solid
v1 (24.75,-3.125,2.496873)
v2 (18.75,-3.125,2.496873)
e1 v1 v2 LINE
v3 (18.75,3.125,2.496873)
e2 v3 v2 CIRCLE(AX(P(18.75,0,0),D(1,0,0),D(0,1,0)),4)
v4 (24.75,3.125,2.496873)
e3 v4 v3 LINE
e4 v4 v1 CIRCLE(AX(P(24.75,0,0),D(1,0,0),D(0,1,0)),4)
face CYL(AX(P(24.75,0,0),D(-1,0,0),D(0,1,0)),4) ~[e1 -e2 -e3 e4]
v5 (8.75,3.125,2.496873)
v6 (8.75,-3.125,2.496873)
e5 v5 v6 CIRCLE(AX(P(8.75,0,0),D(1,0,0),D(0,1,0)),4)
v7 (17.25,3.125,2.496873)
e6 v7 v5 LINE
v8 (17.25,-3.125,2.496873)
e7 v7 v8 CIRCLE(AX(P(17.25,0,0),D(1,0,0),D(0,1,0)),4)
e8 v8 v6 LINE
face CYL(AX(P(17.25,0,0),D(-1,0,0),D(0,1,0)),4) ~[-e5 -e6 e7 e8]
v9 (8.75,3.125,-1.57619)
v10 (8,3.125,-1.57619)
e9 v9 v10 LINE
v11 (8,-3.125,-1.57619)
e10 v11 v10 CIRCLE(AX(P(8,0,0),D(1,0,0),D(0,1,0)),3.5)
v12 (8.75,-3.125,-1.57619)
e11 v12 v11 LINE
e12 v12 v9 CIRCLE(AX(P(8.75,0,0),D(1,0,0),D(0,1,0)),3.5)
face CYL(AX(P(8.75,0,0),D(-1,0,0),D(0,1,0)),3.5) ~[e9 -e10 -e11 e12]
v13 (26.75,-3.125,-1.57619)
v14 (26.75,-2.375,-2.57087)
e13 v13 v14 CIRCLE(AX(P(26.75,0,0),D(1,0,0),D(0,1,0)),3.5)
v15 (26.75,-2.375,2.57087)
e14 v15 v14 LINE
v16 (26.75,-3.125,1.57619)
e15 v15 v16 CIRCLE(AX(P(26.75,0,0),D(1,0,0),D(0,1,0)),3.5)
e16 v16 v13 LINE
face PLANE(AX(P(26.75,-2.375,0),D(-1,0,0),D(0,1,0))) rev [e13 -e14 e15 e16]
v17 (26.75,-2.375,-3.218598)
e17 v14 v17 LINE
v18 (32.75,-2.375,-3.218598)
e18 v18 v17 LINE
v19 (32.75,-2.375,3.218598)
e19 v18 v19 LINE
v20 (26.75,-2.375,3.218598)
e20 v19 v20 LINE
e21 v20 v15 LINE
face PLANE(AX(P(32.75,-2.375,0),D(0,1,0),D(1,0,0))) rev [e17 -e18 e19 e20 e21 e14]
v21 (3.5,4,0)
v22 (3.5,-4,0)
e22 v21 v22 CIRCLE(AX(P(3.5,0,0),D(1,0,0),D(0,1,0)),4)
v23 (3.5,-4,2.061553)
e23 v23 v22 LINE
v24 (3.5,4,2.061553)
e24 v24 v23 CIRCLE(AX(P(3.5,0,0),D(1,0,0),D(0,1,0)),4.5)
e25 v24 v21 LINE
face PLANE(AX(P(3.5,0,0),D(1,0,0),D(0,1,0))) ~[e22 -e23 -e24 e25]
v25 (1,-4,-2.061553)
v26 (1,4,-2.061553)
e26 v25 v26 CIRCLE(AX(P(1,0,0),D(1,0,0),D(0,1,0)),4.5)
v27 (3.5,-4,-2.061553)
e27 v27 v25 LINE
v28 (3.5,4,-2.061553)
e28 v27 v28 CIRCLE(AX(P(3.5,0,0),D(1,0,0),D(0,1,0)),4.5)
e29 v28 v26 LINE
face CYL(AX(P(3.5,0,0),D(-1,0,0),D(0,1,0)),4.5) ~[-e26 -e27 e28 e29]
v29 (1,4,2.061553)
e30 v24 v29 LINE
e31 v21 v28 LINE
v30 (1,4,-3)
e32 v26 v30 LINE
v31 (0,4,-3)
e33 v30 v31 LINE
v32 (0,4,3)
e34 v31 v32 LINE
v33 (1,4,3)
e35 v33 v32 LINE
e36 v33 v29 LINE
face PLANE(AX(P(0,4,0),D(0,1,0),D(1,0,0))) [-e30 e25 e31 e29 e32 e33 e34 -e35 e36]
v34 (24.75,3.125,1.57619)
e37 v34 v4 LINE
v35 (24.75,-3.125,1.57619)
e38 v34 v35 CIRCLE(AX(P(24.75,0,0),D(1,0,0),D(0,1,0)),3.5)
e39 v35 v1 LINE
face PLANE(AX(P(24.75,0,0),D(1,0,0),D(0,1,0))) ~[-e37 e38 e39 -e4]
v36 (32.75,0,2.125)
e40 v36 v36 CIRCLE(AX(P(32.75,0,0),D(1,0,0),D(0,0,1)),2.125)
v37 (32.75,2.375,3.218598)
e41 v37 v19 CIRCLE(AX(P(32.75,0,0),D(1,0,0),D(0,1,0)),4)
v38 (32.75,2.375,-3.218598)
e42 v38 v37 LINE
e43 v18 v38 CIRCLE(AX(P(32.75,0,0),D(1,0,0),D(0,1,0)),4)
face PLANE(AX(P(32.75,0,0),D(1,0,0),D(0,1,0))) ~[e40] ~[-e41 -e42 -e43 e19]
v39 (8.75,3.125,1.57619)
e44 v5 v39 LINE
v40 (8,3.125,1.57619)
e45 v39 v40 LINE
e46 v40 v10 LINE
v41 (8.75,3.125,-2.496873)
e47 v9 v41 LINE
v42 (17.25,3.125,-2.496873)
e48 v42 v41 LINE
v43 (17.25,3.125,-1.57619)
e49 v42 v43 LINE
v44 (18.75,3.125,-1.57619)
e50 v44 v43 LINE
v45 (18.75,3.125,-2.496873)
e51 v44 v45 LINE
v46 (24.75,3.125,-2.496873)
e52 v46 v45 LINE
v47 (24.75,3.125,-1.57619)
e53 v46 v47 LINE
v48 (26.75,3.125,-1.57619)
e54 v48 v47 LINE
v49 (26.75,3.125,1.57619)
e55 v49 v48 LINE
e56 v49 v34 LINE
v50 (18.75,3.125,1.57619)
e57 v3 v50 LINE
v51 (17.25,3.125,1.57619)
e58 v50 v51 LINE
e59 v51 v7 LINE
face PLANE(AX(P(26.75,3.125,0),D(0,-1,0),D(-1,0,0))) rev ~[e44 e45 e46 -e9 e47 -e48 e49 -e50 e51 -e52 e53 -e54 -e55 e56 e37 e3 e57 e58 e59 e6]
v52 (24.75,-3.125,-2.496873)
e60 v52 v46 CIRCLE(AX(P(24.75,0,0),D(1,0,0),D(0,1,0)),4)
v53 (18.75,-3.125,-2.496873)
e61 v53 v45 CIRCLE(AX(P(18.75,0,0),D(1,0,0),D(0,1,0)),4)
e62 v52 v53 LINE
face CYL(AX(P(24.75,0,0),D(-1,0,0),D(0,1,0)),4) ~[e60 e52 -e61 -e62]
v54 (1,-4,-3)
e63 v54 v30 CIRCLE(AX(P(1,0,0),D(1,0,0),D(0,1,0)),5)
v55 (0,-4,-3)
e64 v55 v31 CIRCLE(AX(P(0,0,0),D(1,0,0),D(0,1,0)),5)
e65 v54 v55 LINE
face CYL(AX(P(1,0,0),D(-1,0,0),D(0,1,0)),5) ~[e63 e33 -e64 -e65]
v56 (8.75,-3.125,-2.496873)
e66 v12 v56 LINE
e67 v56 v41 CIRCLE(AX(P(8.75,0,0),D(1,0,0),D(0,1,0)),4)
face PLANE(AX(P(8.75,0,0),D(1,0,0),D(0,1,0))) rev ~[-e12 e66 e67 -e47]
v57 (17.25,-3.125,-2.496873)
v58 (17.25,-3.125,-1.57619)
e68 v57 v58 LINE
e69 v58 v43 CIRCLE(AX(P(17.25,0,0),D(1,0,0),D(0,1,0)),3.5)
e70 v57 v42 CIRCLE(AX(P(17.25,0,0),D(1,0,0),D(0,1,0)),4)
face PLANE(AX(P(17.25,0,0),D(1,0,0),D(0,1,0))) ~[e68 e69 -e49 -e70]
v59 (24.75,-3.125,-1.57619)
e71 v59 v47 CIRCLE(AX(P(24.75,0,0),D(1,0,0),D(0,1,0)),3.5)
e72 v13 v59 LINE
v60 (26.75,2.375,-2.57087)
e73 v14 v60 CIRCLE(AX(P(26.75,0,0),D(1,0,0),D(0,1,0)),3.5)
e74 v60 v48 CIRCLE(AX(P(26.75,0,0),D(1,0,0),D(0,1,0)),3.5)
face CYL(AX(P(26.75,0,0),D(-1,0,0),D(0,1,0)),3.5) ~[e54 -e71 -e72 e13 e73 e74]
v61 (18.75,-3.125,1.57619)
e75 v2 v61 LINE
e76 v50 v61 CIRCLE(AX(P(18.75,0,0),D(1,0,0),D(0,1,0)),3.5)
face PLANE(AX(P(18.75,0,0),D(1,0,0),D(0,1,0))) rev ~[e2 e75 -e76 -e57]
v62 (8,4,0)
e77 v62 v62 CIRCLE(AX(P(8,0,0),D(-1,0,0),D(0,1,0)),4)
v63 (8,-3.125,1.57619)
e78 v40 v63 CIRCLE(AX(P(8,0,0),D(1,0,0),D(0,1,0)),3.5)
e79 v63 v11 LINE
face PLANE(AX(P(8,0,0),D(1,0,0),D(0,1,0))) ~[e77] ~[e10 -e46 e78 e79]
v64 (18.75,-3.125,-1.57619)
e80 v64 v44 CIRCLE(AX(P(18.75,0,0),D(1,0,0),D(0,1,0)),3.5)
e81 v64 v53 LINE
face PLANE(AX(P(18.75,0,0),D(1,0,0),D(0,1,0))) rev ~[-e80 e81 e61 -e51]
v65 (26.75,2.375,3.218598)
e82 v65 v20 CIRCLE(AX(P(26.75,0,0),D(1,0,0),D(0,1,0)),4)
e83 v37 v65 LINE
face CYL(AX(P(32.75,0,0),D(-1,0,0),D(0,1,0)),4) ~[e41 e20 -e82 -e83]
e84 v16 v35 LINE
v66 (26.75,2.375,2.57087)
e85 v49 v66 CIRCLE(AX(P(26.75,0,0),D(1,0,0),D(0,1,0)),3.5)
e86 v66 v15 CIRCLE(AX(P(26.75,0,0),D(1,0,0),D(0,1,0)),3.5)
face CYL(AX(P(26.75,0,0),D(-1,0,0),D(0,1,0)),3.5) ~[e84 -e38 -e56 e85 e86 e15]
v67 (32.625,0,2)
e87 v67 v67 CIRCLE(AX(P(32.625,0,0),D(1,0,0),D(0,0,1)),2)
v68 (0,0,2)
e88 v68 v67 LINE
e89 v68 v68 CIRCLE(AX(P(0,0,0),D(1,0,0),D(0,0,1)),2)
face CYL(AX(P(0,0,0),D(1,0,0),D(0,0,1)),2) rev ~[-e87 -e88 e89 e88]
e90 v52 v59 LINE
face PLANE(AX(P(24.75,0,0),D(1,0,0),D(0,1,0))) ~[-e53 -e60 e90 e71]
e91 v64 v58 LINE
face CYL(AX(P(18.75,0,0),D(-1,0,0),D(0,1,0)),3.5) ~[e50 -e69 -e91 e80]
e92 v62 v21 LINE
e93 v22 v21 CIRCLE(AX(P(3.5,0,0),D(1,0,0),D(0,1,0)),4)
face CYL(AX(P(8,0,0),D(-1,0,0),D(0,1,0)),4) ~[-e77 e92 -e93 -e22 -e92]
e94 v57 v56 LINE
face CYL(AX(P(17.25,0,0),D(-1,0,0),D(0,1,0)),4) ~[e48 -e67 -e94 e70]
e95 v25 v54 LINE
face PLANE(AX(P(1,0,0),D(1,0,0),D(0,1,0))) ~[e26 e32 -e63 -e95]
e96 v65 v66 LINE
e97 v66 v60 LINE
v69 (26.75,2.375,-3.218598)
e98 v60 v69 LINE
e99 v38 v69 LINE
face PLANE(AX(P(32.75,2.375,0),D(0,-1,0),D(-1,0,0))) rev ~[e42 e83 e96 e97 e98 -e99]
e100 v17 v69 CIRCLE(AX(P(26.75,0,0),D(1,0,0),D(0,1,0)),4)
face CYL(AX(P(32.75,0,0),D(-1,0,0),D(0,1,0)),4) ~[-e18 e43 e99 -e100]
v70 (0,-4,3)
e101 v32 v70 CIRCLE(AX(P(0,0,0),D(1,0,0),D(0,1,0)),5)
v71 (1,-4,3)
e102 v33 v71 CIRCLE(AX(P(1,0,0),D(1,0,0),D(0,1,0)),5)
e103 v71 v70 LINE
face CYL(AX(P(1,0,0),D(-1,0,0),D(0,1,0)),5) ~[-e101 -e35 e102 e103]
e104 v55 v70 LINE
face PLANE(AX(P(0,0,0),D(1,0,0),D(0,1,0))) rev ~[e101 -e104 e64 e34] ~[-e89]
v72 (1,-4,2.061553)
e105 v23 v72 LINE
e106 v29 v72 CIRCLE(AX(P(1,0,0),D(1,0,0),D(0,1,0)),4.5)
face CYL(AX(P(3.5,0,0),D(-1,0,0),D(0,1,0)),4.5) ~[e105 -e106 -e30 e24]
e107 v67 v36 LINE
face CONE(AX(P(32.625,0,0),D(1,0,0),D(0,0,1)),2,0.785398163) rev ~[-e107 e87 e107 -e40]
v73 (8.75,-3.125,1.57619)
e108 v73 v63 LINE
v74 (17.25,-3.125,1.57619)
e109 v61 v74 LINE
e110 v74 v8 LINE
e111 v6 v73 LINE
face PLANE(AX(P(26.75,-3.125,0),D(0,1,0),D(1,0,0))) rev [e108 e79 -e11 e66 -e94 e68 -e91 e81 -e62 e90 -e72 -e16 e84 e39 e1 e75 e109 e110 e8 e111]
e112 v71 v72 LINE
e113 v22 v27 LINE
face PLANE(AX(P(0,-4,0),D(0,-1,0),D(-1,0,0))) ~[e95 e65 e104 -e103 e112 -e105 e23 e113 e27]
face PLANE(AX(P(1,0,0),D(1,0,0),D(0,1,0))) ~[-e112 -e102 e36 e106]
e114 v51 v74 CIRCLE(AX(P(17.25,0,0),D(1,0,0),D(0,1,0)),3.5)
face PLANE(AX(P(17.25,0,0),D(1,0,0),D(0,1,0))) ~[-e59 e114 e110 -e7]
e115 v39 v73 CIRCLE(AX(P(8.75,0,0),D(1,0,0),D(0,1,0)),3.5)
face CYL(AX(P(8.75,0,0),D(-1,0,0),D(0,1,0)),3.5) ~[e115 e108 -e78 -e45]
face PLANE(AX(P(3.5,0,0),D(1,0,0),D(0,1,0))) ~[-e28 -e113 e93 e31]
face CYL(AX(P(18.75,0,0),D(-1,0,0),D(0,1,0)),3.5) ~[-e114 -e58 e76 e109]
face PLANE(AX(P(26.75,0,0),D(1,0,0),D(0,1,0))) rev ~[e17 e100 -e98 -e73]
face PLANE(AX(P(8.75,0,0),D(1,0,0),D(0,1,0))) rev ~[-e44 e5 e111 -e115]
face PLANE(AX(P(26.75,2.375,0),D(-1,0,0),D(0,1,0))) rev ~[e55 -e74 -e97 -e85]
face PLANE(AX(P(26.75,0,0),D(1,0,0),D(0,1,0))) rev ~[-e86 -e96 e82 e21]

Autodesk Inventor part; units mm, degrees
ref_plane "YZ Plane" through (0, 0, 0) normal (1, 0, 0) x (0, 1, 0)
ref_plane "XZ Plane" through (0, 0, 0) normal (0, 1, 0) x (-1, 0, 0)
ref_plane "XY Plane" through (0, 0, 0) normal (0, 0, 1) x (1, 0, 0)
sketch "Sketch1" plane through (0, 0, 0) normal (0, 0, 1) x (1, 0, 0)
  line L0 (0, 0) -> (1, 0)
  line L1 (1, 0) -> (1, 5)
  line L2 (1, 5) -> (0, 5)
  line L3 (0, 5) -> (0, 0)
  line L4 (1, 0) -> (3.5, 0)
  line L5 (3.5, 0) -> (3.5, 4.5)
  line L6 (3.5, 4.5) -> (1, 4.5)
  line L7 (1, 4.5) -> (1, 0)
  line L8 (8.75, 0) -> (17.25, 0)
  line L9 (17.25, 0) -> (17.25, 4)
  line L10 (17.25, 4) -> (8.75, 4)
  line L11 (8.75, 4) -> (8.75, 0)
  line L12 (17.25, 0) -> (18.75, 0)
  line L13 (18.75, 0) -> (18.75, 3.5)
  line L14 (18.75, 3.5) -> (17.25, 3.5)
  line L15 (17.25, 3.5) -> (17.25, 0)
  line L16 (18.75, 0) -> (24.75, 0)
  line L17 (24.75, 0) -> (24.75, 4)
  line L18 (24.75, 4) -> (18.75, 4)
  line L19 (18.75, 4) -> (18.75, 0)
  line L20 (24.75, 0) -> (26.75, 0)
  line L21 (26.75, 0) -> (26.75, 3.5)
  line L22 (26.75, 3.5) -> (24.75, 3.5)
  line L23 (24.75, 3.5) -> (24.75, 0)
  line L24 (26.75, 0) -> (32.75, 0)
  line L25 (32.75, 0) -> (32.75, 4)
  line L26 (32.75, 4) -> (26.75, 4)
  line L27 (26.75, 4) -> (26.75, 0)
  line L28 (3.5, 0) -> (8, 0)
  line L29 (8, 0) -> (8, 4)
  line L30 (8, 4) -> (3.5, 4)
  line L31 (3.5, 4) -> (3.5, 0)
  line L32 (8, 0) -> (8.75, 0)
  line L33 (8.75, 0) -> (8.75, 3.5)
  line L34 (8.75, 3.5) -> (8, 3.5)
  line L35 (8, 3.5) -> (8, 0)
  dimension "d0" = 1
  dimension "d1" = 3.5
  dimension "d2" = 32.75
  dimension "d3" = 2
  dimension "d5" = 24.75
  dimension "d6" = 1.5
  dimension "d7" = 17.25
  dimension "d9" = 8
  dimension "d10" = 0.75
  dimension "d11" = 8
  dimension "d12" = 7
  dimension "d13" = 10
  dimension "d14" = 9
  dimension "d15" = 8
revolve "Revolution1" add sketch "Sketch1" angle 360 about axis through (1, 0, 0) along (1, 0, 0)
thread "Thread1" size "M8x1" class "6g" standard "ANSI Metric M Profile" full length
thread "Thread2" size "M8x1.25" class "6g" standard "ANSI Metric M Profile" full length
sketch "Sketch2" plane through (0, 0, 0) normal (0, 0, 1) x (1, 0, 0)
  line L0 (32.75, 2.375) -> (26.75, 2.375)
  line L1 (26.75, 2.375) -> (26.75, 3.125)
  line L2 (26.75, 3.125) -> (8, 3.125)
  line L3 (8, 3.125) -> (8, 5)
  line L4 (8, 5) -> (32.75, 5)
  line L5 (32.75, 5) -> (32.75, 2.375)
  line L6 (0, 4) -> (4, 4)
  line L7 (4, 4) -> (4, 5)
  line L8 (4, 5) -> (0, 5)
  line L9 (0, 5) -> (0, 4)
  point P0 (0, 0)
  dimension "d21" = 4
  dimension "d22" = 4
  dimension "d23" = 1
  dimension "d24" = 2.375
  dimension "d25" = 32.75
  dimension "d26" = 3.125
  dimension "d27" = 8
  dimension "d28" = 26.75
extrude "Extrusion1" cut sketch "Sketch2" along normal mid plane 10
mirror "Mirror1" about plane through (0, 0, 0) normal (0, 1, 0) of "Extrusion1"
hole "Hole1" at (0, 0, 0) direction (1, 0, 0) diameter 4 end through all
chamfer "Chamfer1" distance 0.125 angle 45 1 edges at (32.75, 0, -2)
properties part number "404-01" material "Brass, Soft Yellow"
